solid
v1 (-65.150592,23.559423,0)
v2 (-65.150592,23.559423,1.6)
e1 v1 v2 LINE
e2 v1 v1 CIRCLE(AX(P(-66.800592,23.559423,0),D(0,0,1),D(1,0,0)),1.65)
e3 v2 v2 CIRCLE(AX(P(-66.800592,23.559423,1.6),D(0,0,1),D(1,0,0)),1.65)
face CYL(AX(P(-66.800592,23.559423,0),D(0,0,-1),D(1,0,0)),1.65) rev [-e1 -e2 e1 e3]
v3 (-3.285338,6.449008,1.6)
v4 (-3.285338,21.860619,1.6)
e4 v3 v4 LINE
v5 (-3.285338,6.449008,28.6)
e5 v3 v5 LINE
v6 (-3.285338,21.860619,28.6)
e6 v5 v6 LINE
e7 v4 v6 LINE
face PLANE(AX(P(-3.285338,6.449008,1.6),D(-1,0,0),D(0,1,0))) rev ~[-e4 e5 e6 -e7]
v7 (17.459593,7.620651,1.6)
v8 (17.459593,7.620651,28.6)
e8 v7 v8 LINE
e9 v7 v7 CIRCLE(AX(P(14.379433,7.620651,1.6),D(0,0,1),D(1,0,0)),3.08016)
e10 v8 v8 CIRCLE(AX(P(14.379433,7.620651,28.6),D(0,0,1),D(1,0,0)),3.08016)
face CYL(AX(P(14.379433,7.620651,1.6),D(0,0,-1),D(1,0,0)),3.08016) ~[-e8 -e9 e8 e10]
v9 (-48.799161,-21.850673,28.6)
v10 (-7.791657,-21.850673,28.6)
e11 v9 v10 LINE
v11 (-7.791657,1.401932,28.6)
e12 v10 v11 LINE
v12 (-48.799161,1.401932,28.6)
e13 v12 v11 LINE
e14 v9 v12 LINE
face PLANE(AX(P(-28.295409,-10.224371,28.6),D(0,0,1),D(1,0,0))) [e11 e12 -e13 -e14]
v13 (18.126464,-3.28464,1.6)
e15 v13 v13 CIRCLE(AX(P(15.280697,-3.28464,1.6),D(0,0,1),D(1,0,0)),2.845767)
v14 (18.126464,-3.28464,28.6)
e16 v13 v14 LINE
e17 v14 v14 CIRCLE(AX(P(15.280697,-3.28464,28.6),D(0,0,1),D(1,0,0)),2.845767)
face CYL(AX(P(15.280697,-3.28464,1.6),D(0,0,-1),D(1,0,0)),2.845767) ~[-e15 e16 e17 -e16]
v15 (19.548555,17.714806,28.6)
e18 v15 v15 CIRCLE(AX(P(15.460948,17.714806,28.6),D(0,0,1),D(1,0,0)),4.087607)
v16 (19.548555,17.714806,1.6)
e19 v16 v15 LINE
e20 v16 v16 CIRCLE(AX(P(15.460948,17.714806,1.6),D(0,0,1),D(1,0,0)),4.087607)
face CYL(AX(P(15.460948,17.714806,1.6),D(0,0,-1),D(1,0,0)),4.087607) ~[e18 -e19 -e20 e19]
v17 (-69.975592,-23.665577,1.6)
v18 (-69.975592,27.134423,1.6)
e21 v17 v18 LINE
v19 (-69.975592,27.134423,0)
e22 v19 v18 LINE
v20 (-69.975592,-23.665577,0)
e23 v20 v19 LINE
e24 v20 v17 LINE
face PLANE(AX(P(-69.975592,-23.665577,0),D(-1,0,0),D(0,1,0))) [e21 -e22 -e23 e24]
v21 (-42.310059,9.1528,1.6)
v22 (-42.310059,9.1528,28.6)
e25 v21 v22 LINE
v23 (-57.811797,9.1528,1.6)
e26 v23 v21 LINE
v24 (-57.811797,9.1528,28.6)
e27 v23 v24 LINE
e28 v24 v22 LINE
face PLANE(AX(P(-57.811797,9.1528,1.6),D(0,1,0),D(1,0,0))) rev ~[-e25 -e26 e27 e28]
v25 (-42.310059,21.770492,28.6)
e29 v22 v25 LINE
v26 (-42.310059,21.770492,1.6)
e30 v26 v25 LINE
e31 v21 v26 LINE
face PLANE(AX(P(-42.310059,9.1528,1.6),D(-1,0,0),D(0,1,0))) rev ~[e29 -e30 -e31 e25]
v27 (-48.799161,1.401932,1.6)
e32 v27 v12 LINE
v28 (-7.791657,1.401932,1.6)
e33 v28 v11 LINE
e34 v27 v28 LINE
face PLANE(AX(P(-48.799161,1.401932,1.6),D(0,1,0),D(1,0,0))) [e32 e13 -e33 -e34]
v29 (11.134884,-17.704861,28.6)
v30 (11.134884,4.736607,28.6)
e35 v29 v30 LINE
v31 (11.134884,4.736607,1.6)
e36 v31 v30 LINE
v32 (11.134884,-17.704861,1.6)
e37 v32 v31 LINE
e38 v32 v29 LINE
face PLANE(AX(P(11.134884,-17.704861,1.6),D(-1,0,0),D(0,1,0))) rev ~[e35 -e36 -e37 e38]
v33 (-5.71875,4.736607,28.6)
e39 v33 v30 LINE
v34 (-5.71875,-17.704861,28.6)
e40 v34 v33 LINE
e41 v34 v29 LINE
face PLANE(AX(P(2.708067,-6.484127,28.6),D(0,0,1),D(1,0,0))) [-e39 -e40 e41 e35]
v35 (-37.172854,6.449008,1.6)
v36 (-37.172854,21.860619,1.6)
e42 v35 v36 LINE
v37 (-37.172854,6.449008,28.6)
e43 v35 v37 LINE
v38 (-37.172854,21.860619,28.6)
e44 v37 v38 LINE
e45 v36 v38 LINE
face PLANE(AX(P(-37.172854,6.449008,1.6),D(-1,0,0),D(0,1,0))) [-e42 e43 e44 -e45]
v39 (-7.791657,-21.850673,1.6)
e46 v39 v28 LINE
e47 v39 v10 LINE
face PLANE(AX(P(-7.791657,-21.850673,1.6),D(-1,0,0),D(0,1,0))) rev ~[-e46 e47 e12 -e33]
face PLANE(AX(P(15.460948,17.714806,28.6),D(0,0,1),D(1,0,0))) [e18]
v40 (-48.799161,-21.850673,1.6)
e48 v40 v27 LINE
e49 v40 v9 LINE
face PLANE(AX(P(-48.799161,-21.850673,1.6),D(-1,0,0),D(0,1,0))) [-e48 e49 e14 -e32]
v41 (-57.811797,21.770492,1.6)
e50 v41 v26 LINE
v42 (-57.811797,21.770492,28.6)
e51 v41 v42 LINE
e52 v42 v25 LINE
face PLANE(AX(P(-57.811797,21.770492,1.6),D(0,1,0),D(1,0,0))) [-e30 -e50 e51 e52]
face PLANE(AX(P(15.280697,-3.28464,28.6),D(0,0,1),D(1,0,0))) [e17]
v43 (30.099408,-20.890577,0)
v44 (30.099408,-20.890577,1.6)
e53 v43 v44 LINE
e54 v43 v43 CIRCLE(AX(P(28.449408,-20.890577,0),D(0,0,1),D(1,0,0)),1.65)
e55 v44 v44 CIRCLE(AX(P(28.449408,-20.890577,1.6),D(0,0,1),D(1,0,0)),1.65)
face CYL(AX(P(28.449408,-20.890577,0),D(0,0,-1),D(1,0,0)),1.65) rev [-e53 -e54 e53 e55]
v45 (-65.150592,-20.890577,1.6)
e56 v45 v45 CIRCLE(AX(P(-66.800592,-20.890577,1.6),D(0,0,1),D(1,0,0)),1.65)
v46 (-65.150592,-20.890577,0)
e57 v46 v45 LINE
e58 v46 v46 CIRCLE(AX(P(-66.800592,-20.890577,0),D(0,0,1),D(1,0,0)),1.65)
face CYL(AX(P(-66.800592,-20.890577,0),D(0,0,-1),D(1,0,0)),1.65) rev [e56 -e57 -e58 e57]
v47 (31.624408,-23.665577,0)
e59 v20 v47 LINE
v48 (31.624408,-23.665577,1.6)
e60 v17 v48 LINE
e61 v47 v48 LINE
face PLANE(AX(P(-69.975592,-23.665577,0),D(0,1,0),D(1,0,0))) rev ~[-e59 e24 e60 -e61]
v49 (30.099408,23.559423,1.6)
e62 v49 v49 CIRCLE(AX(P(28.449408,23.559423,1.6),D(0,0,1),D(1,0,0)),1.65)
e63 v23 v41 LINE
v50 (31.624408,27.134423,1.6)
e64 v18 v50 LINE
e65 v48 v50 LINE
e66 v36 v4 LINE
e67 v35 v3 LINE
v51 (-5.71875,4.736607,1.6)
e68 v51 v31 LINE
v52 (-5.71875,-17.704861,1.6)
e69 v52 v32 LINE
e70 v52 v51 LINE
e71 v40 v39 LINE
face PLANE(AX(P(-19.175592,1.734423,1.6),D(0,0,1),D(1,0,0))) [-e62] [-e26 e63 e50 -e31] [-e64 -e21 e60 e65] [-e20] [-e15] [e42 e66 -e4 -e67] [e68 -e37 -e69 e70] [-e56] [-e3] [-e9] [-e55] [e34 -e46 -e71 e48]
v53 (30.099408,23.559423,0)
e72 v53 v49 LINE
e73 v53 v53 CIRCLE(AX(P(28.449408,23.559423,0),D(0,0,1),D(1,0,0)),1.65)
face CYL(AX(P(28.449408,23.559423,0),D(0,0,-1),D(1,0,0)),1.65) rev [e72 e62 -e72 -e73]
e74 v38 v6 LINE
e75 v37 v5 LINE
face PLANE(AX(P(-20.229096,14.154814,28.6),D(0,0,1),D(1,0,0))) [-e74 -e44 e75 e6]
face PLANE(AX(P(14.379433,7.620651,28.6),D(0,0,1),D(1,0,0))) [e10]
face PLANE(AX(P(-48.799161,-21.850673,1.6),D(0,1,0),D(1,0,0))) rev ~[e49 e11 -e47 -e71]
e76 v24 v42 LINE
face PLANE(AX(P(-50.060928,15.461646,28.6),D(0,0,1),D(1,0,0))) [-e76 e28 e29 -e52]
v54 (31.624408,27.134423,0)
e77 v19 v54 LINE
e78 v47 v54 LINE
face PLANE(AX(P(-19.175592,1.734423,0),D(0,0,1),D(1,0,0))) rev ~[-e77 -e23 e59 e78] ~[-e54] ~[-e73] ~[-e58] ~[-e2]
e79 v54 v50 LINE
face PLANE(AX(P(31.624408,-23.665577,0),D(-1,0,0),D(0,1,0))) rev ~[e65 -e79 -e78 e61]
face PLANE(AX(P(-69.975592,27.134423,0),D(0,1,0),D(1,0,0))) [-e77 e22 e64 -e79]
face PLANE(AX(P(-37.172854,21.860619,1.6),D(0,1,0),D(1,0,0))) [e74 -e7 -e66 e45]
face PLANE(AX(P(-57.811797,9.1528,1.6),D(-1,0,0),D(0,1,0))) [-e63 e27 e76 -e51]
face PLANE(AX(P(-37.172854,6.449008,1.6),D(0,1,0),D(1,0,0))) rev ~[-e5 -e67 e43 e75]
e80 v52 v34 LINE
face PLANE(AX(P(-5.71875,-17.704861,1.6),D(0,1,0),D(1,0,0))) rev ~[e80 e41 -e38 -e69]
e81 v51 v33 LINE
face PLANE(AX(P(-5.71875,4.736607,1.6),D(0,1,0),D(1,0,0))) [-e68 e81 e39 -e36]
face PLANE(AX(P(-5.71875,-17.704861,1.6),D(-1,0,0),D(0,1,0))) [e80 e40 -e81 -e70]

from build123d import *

# Parameters (mm, degrees)
F0_W     = 101.6
F0_H     = 50.8
F0_R     = 1.65
F1_DEPTH = 1.6
F2_W     = 15.501738
F2_H     = 12.617692
F2_W_2   = 33.887516
F2_H_2   = 15.411611
F2_W_3   = 41.007504
F2_H_3   = 23.252605
F2_W_4   = 16.853633
F2_H_4   = 22.441468
F2_R     = 4.087607
F2_R_2   = 3.08016
F2_R_3   = 2.845767
F3_DEPTH = 27


with BuildPart() as f1:
    # F0 (on Top) → F1 (new body)
    with BuildSketch(Plane.XY):
        with Locations((-19.175592, 1.734423)):
            Rectangle(F0_W, F0_H)
        with Locations((-66.800592, -20.890577)):
            Circle(F0_R, mode=Mode.SUBTRACT)
        with Locations((28.449408, -20.890577)):
            Circle(F0_R, mode=Mode.SUBTRACT)
        with Locations((-66.800592, 23.559423)):
            Circle(F0_R, mode=Mode.SUBTRACT)
        with Locations((28.449408, 23.559423)):
            Circle(F0_R, mode=Mode.SUBTRACT)
    extrude(amount=F1_DEPTH)

    # F2 (on face) → F3 (join)
    with BuildSketch(Plane.XY.offset(1.6)):
        with Locations((-50.060928, 15.461646)):
            Rectangle(F2_W, F2_H)
        with Locations((-20.229096, 14.154814)):
            Rectangle(F2_W_2, F2_H_2)
        with Locations((-28.295409, -10.224371)):
            Rectangle(F2_W_3, F2_H_3)
        with Locations((2.708067, -6.484127)):
            Rectangle(F2_W_4, F2_H_4)
        with Locations((15.460948, 17.714806)):
            Circle(F2_R)
        with Locations((14.379433, 7.620651)):
            Circle(F2_R_2)
        with Locations((15.280697, -3.28464)):
            Circle(F2_R_3)
    extrude(amount=F3_DEPTH)


solid = f1.part
